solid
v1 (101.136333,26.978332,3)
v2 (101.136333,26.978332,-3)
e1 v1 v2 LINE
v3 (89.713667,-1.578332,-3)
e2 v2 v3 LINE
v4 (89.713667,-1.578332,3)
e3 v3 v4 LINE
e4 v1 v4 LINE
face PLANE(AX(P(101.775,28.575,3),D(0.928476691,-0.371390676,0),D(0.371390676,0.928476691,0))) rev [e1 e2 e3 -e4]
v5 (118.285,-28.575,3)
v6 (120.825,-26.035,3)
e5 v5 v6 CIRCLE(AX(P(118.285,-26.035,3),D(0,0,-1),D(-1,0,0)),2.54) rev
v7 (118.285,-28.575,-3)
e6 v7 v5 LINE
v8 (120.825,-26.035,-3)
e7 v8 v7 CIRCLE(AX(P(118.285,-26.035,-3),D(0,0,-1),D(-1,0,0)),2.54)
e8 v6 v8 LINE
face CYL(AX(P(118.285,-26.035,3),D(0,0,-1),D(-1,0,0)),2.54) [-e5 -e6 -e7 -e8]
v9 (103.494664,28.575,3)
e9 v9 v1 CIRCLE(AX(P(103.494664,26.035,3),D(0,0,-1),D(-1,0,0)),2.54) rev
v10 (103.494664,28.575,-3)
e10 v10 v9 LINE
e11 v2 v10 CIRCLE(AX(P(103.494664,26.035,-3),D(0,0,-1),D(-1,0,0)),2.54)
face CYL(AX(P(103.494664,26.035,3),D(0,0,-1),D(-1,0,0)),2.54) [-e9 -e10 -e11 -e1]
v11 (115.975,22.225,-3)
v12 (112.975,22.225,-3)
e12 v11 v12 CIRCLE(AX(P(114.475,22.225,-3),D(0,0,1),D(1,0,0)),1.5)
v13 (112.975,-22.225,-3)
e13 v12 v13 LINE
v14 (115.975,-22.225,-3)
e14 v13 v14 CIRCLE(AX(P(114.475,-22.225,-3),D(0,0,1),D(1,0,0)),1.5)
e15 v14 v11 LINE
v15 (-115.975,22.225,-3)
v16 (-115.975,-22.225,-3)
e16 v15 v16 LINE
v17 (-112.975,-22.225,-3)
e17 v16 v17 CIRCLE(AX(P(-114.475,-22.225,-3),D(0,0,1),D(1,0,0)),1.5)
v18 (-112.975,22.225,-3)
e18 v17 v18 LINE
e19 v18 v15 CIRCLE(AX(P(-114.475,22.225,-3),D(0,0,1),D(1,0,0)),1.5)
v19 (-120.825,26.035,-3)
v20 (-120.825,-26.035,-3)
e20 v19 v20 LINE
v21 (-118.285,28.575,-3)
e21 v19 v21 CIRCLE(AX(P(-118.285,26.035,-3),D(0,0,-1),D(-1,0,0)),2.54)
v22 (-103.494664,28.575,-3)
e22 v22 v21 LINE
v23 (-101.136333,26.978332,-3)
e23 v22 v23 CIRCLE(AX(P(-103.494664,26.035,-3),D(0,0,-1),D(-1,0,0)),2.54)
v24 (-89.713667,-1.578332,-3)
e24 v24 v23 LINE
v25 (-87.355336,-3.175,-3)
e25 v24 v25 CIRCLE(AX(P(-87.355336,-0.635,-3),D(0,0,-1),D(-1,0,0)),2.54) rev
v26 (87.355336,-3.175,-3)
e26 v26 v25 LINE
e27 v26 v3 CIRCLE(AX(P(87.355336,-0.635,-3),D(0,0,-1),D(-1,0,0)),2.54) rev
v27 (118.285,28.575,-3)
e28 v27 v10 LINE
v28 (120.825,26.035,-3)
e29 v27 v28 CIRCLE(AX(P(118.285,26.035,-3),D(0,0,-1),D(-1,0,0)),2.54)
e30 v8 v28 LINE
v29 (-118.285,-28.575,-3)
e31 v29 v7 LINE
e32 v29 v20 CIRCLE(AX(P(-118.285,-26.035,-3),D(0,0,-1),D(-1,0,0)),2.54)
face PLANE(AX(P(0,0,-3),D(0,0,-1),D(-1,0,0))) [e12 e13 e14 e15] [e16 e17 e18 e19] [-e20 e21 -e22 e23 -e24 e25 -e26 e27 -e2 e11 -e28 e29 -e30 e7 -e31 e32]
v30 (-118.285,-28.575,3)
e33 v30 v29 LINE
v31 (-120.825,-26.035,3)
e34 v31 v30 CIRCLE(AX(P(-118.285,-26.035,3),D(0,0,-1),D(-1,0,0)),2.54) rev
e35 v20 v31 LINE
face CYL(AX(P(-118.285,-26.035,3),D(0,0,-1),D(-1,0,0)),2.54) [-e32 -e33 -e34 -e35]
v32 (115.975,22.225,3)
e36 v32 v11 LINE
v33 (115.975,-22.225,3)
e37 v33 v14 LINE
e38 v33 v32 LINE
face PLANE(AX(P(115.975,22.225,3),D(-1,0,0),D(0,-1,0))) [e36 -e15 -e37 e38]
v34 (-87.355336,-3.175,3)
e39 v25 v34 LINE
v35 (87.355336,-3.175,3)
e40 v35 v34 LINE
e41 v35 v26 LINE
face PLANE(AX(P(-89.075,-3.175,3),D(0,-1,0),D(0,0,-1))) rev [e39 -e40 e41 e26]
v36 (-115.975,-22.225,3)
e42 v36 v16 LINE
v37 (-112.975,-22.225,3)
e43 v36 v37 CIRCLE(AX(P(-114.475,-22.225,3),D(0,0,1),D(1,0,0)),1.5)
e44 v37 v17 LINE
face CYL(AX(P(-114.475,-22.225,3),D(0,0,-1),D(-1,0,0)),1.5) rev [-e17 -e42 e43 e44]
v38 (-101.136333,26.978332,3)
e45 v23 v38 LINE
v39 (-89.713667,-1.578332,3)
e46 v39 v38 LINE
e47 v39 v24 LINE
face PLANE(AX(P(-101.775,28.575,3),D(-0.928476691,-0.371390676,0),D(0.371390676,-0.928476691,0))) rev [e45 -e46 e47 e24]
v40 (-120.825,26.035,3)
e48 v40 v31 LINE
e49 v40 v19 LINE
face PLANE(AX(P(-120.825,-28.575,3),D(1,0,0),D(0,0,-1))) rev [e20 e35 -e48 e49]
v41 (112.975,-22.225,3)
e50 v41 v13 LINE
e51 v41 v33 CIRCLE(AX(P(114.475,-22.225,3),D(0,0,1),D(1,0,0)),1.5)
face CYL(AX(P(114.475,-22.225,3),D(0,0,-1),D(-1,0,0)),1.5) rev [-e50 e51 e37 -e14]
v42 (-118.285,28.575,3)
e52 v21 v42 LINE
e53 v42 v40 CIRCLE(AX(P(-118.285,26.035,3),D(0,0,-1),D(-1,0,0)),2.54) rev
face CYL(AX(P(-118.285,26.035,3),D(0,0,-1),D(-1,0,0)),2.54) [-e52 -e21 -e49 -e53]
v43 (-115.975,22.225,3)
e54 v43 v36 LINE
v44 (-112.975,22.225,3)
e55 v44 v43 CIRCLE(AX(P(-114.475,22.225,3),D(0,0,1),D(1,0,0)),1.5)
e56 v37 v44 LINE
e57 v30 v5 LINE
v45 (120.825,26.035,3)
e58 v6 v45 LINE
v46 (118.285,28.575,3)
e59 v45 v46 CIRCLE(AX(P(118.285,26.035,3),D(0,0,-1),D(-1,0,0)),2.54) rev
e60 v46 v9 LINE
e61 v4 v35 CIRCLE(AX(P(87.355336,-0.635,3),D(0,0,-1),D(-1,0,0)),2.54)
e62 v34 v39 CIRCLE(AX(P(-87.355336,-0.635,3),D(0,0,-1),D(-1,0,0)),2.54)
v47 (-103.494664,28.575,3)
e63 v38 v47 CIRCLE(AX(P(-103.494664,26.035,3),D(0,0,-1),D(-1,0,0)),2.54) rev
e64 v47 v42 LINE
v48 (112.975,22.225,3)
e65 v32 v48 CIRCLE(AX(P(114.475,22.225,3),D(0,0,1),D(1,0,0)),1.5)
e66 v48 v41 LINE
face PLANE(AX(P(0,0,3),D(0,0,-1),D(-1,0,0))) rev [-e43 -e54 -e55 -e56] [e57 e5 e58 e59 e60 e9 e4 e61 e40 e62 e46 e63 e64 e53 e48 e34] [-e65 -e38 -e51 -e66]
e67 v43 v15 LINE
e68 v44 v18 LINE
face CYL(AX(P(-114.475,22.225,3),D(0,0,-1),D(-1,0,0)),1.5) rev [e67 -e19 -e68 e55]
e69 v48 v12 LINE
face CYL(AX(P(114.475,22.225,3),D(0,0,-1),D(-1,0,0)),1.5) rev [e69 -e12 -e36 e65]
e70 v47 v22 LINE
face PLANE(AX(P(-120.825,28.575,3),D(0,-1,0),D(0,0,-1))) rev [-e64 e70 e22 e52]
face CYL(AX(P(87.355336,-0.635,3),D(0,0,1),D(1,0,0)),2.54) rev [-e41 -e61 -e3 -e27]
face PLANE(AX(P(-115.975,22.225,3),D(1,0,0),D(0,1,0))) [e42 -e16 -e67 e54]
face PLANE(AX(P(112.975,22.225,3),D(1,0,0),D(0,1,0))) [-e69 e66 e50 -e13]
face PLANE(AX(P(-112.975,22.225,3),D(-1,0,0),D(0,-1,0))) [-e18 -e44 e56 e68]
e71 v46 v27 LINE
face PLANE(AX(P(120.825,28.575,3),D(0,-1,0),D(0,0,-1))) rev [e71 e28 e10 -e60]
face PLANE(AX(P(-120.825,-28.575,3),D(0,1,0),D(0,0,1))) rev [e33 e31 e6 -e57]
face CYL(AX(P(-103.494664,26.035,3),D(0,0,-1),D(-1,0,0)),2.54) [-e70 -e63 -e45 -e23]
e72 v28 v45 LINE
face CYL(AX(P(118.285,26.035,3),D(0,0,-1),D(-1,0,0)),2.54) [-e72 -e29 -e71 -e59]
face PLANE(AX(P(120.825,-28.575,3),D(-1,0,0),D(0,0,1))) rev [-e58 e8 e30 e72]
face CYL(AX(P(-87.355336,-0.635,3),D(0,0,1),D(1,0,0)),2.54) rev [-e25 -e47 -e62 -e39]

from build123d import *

# Parameters (mm, degrees)
BOSS_EXTRUDE1_DEPTH = 3
FILLET1_R           = 2.54


with BuildPart() as part:
    # Sketch1 → Boss-Extrude1 (new, symmetric)
    with BuildSketch(Plane.XY):
        Polygon((-120.825, -28.575), (-120.825, 28.575), (-101.775, 28.575), (-89.075, -3.175), (89.075, -3.175), (101.775, 28.575), (120.825, 28.575), (120.825, -28.575), align=None)
        with BuildLine():
            Line((-112.975, 22.225), (-112.975, -22.225))
            ThreePointArc((-112.975, -22.225), (-114.475, -23.725), (-115.975, -22.225))
            Line((-115.975, -22.225), (-115.975, 22.225))
            ThreePointArc((-115.975, 22.225), (-114.475, 23.725), (-112.975, 22.225))
        make_face(mode=Mode.SUBTRACT)
        with BuildLine():
            Line((115.975, 22.225), (115.975, -22.225))
            ThreePointArc((115.975, -22.225), (114.475, -23.725), (112.975, -22.225))
            Line((112.975, -22.225), (112.975, 22.225))
            ThreePointArc((112.975, 22.225), (114.475, 23.725), (115.975, 22.225))
        make_face(mode=Mode.SUBTRACT)
    extrude(amount=BOSS_EXTRUDE1_DEPTH, both=True)

    # Fillet1
    fillet1_edges = [part.edges().sort_by_distance(p)[0] for p in [
        (120.825, 28.575, 0),
        (120.825, -28.575, 0),
        (-120.825, -28.575, 0),
        (-120.825, 28.575, 0),
        (-101.775, 28.575, 0),
        (-89.075, -3.175, 0),
        (89.075, -3.175, 0),
        (101.775, 28.575, 0),
    ]]
    fillet(fillet1_edges, radius=FILLET1_R)


solid = part.part
